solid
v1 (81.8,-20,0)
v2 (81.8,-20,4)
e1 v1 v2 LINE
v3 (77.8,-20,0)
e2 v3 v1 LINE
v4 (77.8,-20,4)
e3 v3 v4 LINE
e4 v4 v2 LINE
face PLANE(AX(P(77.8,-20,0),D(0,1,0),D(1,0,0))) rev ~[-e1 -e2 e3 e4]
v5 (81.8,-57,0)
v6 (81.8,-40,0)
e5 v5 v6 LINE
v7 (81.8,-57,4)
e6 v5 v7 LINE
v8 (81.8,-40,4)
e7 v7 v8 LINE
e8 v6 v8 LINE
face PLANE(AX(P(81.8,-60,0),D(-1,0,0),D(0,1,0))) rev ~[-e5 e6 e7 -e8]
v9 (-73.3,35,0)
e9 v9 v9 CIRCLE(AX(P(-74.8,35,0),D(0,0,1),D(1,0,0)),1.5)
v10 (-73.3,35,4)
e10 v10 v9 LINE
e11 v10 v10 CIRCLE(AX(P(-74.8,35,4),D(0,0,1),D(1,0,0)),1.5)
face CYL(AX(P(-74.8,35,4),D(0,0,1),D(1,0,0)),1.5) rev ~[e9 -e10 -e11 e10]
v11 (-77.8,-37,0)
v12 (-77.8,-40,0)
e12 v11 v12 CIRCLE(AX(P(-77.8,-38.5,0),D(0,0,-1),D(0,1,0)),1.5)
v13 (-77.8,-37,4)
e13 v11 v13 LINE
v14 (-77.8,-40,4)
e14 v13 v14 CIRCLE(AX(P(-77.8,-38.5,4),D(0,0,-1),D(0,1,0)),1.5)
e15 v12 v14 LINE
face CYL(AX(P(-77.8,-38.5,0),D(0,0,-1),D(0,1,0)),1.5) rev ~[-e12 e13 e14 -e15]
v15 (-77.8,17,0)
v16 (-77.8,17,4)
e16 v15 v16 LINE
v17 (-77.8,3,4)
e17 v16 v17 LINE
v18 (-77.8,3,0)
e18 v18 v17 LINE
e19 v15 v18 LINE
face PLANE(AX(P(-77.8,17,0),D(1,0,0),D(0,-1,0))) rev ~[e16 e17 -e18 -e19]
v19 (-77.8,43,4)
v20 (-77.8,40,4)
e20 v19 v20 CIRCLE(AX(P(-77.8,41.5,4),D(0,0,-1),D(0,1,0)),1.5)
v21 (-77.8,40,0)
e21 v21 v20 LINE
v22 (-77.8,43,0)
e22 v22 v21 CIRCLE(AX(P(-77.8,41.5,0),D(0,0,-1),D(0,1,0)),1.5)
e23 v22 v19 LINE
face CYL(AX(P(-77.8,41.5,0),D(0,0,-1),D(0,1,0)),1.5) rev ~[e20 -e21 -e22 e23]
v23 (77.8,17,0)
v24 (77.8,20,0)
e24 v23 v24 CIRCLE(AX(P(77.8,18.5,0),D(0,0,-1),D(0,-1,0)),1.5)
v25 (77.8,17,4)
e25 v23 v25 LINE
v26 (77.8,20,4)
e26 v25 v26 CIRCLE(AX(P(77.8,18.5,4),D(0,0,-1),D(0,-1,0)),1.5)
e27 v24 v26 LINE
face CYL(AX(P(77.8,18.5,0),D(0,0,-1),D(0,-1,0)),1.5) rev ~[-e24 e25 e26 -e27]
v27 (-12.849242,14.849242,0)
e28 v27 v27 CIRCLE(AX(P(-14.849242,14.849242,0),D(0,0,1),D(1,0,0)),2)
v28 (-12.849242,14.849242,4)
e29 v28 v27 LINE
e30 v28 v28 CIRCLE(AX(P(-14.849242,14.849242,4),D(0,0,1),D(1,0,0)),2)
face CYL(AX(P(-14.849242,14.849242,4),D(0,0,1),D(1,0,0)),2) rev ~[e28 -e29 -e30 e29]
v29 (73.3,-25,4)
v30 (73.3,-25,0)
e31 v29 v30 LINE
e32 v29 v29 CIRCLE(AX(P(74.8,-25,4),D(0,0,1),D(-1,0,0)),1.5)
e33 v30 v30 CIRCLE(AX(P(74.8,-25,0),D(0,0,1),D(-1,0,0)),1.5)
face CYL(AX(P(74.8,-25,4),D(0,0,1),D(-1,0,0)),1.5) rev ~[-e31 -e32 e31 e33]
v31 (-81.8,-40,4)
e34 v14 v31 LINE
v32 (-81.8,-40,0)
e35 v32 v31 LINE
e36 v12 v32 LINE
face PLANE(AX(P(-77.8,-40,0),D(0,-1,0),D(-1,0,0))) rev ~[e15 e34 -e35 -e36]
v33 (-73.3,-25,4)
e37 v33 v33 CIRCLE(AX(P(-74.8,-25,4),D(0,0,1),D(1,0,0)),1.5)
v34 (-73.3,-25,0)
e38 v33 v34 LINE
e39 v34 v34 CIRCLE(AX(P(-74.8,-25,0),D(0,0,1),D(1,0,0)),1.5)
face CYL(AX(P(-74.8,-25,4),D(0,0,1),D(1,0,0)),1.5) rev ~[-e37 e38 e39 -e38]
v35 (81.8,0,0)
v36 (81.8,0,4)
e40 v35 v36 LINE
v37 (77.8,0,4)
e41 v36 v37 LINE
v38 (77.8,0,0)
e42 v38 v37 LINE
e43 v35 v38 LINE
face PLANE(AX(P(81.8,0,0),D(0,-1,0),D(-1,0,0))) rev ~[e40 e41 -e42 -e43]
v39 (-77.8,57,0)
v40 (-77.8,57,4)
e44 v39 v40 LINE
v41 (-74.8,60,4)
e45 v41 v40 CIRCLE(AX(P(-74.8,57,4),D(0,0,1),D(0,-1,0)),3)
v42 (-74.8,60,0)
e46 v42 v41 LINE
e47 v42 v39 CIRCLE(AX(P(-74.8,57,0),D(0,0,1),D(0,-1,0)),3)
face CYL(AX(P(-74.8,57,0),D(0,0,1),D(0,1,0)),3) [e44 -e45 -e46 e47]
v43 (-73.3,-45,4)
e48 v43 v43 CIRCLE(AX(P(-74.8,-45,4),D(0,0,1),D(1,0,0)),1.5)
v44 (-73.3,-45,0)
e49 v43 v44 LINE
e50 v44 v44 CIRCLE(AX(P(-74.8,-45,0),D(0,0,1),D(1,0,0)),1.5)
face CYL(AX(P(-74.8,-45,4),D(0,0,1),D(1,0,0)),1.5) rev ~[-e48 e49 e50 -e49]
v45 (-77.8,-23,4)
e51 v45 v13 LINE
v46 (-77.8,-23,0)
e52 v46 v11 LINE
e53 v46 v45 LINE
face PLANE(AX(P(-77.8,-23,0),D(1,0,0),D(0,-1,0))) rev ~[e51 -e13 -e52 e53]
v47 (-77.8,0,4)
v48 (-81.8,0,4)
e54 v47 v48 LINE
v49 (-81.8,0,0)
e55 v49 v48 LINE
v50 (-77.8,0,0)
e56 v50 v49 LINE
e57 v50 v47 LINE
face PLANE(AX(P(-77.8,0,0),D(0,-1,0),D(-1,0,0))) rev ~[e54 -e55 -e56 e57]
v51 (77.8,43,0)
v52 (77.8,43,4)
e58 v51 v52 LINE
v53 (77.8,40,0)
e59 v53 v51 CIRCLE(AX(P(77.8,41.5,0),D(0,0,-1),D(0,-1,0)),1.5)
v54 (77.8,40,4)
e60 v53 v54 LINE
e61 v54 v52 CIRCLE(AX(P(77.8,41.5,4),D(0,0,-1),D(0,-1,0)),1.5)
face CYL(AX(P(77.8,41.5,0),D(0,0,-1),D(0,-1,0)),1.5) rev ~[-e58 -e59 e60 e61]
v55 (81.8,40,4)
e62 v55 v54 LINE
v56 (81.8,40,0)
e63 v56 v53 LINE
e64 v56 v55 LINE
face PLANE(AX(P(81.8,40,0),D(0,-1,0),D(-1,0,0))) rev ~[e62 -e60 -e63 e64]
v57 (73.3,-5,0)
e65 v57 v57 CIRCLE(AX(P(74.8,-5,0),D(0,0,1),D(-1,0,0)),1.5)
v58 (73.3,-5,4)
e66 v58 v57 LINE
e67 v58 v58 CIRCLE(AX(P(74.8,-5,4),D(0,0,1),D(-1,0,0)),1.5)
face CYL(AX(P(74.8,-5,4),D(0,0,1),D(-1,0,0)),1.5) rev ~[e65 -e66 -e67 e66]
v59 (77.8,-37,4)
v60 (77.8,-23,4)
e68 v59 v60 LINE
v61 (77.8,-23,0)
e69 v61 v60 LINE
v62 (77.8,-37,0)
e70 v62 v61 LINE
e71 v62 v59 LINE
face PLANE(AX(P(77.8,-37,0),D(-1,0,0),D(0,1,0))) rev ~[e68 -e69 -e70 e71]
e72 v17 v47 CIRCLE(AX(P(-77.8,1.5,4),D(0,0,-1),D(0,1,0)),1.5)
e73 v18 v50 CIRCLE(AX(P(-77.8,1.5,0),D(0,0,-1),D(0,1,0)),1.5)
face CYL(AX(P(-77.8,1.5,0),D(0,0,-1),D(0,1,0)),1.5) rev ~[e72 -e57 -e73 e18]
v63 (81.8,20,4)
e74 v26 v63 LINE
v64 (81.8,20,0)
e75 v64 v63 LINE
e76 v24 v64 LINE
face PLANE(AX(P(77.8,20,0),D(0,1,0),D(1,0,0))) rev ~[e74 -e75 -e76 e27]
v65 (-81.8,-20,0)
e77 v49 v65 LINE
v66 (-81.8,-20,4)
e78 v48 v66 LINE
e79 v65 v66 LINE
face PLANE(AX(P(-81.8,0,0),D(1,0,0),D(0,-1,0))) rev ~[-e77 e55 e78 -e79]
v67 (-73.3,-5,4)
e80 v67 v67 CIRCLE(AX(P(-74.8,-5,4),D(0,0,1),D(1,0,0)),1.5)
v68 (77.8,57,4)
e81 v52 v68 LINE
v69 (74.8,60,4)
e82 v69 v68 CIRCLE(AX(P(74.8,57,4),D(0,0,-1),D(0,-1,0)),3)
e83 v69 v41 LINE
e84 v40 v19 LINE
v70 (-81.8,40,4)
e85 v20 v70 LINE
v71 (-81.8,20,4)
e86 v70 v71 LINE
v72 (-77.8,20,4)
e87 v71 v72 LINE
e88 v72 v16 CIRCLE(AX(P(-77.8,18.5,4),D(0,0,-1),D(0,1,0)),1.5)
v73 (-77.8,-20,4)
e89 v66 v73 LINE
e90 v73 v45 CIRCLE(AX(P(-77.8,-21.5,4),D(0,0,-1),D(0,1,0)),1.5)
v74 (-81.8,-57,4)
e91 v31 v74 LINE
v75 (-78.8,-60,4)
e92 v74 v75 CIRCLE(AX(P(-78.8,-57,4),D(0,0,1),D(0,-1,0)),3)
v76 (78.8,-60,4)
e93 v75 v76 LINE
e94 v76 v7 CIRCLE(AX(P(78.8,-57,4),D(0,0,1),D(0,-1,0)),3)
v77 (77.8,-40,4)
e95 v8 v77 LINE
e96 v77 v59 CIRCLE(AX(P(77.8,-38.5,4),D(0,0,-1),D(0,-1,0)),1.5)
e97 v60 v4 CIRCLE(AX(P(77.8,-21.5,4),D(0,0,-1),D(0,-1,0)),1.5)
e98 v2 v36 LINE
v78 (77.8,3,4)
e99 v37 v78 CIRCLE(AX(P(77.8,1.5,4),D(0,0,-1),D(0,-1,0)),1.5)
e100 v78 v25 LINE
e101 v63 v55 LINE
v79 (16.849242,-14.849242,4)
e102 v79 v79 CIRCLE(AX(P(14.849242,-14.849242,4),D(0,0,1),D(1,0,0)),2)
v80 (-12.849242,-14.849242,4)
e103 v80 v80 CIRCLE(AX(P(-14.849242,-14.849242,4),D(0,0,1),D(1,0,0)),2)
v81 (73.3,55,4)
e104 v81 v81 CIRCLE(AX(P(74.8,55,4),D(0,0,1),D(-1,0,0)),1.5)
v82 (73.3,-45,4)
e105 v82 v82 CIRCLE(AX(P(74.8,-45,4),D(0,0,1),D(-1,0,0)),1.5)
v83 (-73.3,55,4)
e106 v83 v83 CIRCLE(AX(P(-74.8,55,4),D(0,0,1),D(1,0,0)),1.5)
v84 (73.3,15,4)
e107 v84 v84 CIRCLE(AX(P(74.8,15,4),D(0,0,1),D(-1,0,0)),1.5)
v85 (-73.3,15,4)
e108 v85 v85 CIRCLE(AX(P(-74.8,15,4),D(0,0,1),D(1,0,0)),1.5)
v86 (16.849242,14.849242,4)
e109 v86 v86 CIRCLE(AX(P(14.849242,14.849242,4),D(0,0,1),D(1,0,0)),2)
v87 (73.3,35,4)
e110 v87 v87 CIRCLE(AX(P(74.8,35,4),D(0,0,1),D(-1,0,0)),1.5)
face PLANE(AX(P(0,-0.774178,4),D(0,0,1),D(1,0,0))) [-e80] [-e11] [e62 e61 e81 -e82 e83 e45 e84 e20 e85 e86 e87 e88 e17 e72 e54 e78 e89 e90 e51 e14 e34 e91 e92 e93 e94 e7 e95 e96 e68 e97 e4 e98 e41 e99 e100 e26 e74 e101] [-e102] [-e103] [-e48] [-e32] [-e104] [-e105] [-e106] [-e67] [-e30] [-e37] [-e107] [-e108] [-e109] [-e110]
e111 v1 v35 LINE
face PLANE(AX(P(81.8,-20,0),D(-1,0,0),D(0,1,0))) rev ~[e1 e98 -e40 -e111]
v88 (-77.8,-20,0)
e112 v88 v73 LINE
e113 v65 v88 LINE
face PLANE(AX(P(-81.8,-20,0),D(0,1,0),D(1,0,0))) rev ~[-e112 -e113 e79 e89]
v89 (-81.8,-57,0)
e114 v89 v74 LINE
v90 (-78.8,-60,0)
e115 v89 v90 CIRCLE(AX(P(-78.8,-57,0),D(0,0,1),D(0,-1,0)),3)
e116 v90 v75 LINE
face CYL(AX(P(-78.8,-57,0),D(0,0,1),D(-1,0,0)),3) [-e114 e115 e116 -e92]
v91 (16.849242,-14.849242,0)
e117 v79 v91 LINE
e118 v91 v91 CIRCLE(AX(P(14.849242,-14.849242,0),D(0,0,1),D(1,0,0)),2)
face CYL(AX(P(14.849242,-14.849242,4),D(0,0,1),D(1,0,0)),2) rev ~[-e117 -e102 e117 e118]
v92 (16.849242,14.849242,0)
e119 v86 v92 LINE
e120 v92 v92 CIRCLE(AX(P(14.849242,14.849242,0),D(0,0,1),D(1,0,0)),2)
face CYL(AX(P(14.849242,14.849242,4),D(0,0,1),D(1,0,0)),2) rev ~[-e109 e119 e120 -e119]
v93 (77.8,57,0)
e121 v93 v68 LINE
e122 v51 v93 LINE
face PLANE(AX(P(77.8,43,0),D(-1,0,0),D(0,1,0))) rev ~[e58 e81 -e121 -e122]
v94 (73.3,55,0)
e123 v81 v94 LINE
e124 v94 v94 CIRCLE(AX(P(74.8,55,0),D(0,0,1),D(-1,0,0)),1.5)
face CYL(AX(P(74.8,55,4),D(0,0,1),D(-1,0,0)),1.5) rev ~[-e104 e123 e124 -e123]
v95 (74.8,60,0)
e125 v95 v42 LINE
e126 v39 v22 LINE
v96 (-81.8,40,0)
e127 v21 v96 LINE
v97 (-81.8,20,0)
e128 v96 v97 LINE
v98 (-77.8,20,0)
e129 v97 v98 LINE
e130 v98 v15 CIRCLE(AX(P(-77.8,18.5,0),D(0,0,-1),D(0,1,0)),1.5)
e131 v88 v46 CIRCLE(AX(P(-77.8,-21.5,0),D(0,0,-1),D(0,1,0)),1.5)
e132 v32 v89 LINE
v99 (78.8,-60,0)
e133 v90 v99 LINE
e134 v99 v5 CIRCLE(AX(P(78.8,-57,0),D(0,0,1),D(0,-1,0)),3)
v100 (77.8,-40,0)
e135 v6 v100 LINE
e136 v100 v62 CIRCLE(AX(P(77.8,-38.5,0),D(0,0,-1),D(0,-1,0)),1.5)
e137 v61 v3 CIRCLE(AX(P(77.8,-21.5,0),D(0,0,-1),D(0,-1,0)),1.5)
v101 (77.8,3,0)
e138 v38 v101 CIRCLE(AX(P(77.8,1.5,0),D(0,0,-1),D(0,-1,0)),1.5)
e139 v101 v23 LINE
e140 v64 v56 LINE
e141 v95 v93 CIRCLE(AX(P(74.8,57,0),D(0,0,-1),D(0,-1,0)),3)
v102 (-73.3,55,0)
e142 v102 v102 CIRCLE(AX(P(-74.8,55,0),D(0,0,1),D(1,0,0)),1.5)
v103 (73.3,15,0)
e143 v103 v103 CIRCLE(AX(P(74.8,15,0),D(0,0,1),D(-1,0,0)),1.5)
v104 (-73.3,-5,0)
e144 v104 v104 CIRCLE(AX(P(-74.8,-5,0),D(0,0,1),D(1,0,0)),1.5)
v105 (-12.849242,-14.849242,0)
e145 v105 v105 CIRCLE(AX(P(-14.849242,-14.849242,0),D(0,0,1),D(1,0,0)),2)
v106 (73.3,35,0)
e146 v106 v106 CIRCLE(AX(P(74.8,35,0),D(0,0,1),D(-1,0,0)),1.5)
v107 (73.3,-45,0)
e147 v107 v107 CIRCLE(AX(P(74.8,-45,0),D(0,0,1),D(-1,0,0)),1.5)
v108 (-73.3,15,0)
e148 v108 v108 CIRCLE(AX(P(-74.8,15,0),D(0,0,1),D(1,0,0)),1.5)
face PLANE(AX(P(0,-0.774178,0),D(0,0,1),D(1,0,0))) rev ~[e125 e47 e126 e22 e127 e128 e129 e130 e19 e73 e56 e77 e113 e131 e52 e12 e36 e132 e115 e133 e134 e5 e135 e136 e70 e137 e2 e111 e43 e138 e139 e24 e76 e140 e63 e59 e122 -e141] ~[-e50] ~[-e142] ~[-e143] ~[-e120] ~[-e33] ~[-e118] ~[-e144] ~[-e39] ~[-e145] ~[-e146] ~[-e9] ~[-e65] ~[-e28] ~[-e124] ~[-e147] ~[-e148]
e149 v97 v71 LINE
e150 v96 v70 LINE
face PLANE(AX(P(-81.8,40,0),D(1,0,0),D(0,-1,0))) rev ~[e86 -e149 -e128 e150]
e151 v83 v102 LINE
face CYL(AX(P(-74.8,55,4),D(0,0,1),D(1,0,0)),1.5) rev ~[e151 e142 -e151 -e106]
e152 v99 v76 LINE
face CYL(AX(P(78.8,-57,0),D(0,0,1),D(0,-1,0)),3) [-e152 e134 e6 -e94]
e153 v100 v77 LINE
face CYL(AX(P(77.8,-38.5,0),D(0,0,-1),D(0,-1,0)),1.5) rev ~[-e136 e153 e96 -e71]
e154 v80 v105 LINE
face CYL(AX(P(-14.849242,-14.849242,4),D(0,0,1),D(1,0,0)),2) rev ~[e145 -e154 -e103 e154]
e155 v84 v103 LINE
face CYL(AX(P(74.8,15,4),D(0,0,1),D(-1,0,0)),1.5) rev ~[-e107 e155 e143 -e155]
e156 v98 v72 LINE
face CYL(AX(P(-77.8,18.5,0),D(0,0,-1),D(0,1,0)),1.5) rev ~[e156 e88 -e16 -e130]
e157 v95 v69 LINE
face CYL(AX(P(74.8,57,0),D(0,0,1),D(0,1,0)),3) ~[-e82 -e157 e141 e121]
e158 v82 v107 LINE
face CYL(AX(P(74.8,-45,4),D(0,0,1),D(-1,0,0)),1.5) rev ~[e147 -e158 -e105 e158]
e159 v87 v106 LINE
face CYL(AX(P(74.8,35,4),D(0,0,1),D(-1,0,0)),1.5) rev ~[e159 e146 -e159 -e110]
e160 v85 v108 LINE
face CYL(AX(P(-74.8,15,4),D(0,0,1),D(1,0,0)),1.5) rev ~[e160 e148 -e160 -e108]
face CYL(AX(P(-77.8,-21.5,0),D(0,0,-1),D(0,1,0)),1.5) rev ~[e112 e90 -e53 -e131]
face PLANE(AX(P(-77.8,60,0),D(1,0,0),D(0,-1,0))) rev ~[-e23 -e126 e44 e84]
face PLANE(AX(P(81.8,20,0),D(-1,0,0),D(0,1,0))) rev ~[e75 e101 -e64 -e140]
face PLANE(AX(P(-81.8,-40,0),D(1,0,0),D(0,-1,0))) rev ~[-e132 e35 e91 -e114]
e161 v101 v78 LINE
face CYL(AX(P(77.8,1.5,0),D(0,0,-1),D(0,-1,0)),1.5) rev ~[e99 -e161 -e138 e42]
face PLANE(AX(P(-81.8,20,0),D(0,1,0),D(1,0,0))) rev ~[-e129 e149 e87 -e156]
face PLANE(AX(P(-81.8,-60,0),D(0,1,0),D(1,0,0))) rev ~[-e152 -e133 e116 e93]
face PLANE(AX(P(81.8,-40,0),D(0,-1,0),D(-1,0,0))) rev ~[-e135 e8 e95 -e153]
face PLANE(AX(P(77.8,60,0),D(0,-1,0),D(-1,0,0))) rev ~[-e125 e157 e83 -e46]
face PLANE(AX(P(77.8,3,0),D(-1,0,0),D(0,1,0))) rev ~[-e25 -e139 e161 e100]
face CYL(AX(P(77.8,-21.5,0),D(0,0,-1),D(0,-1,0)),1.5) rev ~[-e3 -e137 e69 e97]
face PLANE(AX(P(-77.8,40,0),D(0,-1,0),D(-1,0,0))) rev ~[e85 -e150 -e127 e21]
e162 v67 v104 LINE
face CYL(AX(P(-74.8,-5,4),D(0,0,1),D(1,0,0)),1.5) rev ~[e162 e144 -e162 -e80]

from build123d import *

# Parameters (mm, degrees)
EXTRUDE_1_DEPTH     = 4
FILLET_1_R          = 3
SKETCH_2_R          = 1.5
SKETCH_2_R_2        = 2
CUT_EXTRUDE_1_DEPTH = 4


with BuildPart() as part:
    # 草图1 → 凸台-拉伸1 (new body)
    with BuildSketch(Plane.XY):
        with BuildLine():
            Line((77.8, 60), (-77.8, 60))
            Line((-77.8, 60), (-77.8, 43))
            ThreePointArc((-77.8, 43), (-76.3, 41.5), (-77.8, 40))
            Line((-77.8, 40), (-81.8, 40))
            Line((-81.8, 40), (-81.8, 20))
            Line((-81.8, 20), (-77.8, 20))
            ThreePointArc((-77.8, 20), (-76.3, 18.5), (-77.8, 17))
            Line((-77.8, 17), (-77.8, 3))
            ThreePointArc((-77.8, 3), (-76.3, 1.5), (-77.8, 0))
            Line((-77.8, 0), (-81.8, 0))
            Line((-81.8, 0), (-81.8, -20))
            Line((-81.8, -20), (-77.8, -20))
            ThreePointArc((-77.8, -20), (-76.3, -21.5), (-77.8, -23))
            Line((-77.8, -23), (-77.8, -37))
            ThreePointArc((-77.8, -37), (-76.3, -38.5), (-77.8, -40))
            Line((-77.8, -40), (-81.8, -40))
            Line((-81.8, -40), (-81.8, -60))
            Line((-81.8, -60), (81.8, -60))
            Line((81.8, -60), (81.8, -40))
            Line((81.8, -40), (77.8, -40))
            ThreePointArc((77.8, -40), (76.3, -38.5), (77.8, -37))
            Line((77.8, -37), (77.8, -23))
            ThreePointArc((77.8, -23), (76.3, -21.5), (77.8, -20))
            Line((77.8, -20), (81.8, -20))
            Line((81.8, -20), (81.8, 0))
            Line((81.8, 0), (77.8, 0))
            ThreePointArc((77.8, 0), (76.3, 1.5), (77.8, 3))
            Line((77.8, 3), (77.8, 17))
            ThreePointArc((77.8, 17), (76.3, 18.5), (77.8, 20))
            Line((77.8, 20), (81.8, 20))
            Line((81.8, 20), (81.8, 40))
            Line((81.8, 40), (77.8, 40))
            ThreePointArc((77.8, 40), (76.3, 41.5), (77.8, 43))
            Line((77.8, 43), (77.8, 60))
        make_face()
    extrude(amount=EXTRUDE_1_DEPTH)

    # 圆角1
    fillet_1_edges = [part.edges().sort_by_distance(p)[0] for p in [
        (77.8, 60, 2),
        (-77.8, 60, 2),
        (-81.8, -60, 2),
        (81.8, -60, 2),
    ]]
    fillet(fillet_1_edges, radius=FILLET_1_R)

    # 草图2 → 切除-拉伸1 (cut)
    with BuildSketch(Plane.XY.offset(4)):
        with Locations((-74.8, 55)):
            Circle(SKETCH_2_R)
        with Locations((-74.8, 35)):
            Circle(SKETCH_2_R)
        with Locations((-74.8, 15)):
            Circle(SKETCH_2_R)
        with Locations((-74.8, -5)):
            Circle(SKETCH_2_R)
        with Locations((-74.8, -25)):
            Circle(SKETCH_2_R)
        with Locations((-74.8, -45)):
            Circle(SKETCH_2_R)
        with Locations((74.8, -45)):
            Circle(SKETCH_2_R)
        with Locations((74.8, -25)):
            Circle(SKETCH_2_R)
        with Locations((74.8, -5)):
            Circle(SKETCH_2_R)
        with Locations((74.8, 15)):
            Circle(SKETCH_2_R)
        with Locations((74.8, 35)):
            Circle(SKETCH_2_R)
        with Locations((74.8, 55)):
            Circle(SKETCH_2_R)
        with Locations((-14.849242405, 14.849242405)):
            Circle(SKETCH_2_R_2)
        with Locations((14.849242405, 14.849242405)):
            Circle(SKETCH_2_R_2)
        with Locations((14.849242405, -14.849242405)):
            Circle(SKETCH_2_R_2)
        with Locations((-14.849242405, -14.849242405)):
            Circle(SKETCH_2_R_2)
    extrude(amount=-CUT_EXTRUDE_1_DEPTH, mode=Mode.SUBTRACT)


solid = part.part
